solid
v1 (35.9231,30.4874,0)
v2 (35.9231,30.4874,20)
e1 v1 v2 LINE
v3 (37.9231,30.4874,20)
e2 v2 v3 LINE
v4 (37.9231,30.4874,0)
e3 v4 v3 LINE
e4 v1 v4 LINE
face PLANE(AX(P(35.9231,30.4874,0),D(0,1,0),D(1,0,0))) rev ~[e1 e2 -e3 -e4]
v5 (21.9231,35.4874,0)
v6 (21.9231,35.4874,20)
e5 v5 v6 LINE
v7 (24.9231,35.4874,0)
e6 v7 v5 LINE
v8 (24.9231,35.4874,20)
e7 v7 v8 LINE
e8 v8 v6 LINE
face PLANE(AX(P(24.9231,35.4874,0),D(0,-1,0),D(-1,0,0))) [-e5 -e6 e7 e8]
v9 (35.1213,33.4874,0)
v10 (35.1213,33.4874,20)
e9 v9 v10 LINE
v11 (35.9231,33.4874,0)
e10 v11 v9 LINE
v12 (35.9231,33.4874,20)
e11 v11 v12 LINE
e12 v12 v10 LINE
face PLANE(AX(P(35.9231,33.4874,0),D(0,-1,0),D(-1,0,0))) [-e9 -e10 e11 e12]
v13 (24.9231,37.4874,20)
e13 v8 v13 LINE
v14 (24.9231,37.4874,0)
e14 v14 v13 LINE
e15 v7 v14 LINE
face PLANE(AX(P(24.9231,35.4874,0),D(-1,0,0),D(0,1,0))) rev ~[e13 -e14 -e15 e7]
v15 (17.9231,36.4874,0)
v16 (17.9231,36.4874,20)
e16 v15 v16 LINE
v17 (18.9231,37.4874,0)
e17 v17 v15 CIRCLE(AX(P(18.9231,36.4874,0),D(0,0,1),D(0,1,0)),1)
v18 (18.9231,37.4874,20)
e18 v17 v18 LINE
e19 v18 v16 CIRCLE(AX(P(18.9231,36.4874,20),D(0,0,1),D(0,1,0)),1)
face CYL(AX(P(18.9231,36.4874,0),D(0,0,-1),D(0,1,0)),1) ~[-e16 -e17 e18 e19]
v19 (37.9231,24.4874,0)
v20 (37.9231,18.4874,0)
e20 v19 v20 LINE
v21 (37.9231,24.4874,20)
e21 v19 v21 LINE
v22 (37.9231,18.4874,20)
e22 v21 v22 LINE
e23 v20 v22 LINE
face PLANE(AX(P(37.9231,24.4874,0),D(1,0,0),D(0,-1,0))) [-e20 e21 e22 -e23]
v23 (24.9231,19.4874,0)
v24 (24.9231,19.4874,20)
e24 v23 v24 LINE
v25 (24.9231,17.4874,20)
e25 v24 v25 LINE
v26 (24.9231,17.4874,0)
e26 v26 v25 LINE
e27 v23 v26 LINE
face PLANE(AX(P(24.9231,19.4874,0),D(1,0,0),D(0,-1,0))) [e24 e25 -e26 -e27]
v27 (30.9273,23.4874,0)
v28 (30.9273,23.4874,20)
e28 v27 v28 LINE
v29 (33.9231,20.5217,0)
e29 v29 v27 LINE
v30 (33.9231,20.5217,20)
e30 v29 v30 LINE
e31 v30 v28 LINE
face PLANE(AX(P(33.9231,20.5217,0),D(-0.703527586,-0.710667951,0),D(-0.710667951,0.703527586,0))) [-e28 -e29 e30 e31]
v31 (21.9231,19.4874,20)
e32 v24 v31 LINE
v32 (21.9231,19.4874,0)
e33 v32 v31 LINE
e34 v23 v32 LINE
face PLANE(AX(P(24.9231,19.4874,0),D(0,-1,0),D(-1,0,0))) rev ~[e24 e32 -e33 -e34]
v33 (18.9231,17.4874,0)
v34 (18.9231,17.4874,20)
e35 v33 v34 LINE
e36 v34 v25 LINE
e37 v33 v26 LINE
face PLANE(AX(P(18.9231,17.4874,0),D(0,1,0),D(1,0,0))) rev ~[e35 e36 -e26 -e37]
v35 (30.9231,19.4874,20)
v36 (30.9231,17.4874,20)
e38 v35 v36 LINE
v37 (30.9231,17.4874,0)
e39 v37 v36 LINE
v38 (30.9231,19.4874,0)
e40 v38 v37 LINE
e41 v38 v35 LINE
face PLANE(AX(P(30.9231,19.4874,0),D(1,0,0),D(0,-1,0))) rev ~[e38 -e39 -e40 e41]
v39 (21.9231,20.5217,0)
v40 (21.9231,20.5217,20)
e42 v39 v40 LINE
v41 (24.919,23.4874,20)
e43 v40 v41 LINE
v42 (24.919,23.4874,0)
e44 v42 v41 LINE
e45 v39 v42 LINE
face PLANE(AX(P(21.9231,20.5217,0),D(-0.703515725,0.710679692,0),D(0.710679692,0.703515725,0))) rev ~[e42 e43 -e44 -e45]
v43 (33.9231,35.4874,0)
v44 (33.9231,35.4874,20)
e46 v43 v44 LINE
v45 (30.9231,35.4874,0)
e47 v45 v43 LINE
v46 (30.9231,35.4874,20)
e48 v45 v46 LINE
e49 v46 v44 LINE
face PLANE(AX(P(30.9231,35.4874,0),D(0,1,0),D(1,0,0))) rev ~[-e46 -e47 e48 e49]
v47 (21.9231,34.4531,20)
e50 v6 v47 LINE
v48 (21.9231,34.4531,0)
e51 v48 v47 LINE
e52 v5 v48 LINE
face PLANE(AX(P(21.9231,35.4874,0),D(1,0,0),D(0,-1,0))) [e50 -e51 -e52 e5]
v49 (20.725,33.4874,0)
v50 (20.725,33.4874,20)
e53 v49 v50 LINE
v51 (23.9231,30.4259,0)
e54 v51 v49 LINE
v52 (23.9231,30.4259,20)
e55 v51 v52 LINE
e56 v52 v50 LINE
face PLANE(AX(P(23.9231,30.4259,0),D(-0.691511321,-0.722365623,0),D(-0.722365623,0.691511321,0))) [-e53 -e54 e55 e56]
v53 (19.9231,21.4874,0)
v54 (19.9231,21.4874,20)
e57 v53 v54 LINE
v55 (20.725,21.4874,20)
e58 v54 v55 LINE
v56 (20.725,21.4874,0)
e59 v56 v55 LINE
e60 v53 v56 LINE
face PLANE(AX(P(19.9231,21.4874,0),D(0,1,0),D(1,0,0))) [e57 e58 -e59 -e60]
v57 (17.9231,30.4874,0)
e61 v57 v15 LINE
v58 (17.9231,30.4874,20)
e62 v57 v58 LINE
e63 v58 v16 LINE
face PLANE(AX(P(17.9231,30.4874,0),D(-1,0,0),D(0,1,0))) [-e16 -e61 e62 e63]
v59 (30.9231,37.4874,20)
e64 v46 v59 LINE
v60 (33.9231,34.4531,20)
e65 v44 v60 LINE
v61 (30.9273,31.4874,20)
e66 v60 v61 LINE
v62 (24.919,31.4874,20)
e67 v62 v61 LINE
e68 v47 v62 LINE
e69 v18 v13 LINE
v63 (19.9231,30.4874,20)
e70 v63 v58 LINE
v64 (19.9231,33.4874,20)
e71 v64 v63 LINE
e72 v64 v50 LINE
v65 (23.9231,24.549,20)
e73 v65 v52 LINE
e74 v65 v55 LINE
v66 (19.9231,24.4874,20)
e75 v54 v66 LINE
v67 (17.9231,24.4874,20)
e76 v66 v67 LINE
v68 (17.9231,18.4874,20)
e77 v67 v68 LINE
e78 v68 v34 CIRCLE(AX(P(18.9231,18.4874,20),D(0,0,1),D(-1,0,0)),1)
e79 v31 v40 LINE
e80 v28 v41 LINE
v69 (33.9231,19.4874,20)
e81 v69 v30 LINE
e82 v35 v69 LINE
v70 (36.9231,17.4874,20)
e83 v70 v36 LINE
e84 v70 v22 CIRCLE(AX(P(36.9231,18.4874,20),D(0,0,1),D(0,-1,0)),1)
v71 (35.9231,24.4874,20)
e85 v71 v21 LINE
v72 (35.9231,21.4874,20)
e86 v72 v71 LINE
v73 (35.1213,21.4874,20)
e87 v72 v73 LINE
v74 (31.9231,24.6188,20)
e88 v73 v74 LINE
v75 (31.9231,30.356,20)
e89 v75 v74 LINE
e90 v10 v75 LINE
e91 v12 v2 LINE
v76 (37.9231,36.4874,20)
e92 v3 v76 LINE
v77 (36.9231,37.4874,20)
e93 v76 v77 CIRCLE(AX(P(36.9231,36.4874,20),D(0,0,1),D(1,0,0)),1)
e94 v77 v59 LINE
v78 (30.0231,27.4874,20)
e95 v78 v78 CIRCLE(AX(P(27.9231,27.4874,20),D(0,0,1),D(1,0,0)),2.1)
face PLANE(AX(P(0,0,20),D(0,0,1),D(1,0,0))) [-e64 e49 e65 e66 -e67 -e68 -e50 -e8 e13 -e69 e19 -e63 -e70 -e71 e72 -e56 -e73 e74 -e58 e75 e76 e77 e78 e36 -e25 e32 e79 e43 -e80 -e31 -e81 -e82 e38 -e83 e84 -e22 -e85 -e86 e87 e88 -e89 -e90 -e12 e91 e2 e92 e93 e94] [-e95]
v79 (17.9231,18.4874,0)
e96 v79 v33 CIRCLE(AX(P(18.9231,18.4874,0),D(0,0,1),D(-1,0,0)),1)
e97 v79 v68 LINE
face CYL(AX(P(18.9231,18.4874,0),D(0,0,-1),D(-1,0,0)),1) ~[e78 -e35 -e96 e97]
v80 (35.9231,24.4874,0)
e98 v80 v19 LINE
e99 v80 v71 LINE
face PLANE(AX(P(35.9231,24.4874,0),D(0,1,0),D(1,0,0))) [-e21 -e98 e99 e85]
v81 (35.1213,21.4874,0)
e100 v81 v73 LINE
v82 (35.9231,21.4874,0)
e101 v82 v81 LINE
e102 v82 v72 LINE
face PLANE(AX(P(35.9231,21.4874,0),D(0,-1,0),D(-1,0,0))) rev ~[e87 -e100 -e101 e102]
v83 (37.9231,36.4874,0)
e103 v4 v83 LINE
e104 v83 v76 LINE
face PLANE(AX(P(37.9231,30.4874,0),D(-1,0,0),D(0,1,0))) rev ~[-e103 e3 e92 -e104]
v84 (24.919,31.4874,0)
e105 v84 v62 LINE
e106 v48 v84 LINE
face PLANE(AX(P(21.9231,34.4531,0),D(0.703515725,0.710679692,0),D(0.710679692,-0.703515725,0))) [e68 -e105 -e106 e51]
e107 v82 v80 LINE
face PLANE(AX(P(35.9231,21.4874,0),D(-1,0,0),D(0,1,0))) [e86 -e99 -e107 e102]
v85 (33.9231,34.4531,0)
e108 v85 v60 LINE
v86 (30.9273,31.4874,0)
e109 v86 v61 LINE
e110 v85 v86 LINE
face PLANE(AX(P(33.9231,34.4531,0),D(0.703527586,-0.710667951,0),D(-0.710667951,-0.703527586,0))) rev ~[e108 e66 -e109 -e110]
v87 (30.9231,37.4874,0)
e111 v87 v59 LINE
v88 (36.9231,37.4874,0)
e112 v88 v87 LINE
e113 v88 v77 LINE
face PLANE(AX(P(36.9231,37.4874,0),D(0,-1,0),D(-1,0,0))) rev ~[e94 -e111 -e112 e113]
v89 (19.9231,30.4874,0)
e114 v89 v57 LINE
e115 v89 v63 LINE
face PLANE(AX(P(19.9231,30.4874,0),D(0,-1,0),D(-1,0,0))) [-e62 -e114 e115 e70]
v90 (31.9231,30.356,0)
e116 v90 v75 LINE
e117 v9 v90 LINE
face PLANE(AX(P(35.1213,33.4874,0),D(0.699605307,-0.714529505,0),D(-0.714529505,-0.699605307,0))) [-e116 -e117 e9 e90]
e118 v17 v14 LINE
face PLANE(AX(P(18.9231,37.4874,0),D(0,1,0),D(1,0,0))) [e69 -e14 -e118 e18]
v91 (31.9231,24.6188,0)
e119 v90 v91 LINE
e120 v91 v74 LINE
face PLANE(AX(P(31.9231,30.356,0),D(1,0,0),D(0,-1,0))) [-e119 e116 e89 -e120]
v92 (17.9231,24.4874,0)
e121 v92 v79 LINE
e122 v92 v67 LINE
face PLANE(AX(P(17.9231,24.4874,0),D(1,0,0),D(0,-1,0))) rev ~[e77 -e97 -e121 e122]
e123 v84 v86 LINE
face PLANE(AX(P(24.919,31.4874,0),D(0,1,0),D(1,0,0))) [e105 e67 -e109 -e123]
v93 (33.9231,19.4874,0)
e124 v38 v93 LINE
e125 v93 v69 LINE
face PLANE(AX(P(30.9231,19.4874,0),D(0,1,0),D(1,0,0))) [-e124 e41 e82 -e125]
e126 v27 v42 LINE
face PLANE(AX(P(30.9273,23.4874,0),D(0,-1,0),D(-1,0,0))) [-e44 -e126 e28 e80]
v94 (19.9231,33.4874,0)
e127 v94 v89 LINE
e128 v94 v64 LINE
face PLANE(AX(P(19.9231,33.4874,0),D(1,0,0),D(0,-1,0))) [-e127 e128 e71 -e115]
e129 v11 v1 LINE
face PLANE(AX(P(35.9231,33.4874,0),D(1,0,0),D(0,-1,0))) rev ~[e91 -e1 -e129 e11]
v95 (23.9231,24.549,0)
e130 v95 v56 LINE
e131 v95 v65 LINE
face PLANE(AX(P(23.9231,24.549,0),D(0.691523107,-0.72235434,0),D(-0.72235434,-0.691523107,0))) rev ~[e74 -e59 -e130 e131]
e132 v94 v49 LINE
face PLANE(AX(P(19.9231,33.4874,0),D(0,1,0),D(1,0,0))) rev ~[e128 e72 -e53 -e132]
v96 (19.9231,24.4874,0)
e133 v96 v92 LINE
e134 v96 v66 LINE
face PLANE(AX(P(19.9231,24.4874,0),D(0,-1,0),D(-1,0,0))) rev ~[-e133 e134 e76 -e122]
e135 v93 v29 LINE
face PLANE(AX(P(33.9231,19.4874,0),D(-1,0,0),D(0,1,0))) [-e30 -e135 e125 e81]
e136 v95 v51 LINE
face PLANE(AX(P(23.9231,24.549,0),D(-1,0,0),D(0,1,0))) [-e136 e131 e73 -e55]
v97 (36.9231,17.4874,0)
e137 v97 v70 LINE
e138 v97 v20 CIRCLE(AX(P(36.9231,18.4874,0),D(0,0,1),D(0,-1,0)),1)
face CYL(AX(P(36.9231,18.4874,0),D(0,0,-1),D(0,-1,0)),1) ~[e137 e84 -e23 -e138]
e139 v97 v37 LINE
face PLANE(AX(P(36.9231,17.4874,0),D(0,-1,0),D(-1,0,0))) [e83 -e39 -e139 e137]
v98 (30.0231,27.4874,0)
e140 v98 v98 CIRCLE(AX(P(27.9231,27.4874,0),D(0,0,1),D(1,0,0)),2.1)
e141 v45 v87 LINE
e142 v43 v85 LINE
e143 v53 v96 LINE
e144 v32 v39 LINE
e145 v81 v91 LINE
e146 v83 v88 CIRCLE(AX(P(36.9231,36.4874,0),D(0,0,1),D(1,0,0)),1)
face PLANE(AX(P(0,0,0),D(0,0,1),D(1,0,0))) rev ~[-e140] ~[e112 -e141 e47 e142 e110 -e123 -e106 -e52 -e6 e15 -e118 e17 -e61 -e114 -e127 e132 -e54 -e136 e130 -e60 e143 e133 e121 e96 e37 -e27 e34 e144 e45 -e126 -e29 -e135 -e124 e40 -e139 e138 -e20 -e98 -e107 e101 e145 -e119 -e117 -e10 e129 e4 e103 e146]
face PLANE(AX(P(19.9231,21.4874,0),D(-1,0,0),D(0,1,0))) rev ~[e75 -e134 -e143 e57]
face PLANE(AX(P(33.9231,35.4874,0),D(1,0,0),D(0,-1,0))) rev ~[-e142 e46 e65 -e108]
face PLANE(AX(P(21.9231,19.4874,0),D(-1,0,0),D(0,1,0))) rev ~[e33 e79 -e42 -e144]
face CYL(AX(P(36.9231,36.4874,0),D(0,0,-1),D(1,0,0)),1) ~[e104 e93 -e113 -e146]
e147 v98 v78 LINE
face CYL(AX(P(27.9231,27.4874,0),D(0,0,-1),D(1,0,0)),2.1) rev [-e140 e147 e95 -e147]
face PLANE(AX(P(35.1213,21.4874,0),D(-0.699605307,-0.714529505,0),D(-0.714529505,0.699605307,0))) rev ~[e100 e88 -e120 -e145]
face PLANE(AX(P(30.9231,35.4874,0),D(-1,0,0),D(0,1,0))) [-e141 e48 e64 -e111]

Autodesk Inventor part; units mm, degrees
ref_plane "YZ Plane" through (0, 0, 0) normal (1, 0, 0) x (0, 1, 0)
ref_plane "XZ Plane" through (0, 0, 0) normal (0, 1, 0) x (-1, 0, 0)
ref_plane "XY Plane" through (0, 0, 0) normal (0, 0, 1) x (1, 0, 0)
sketch "Schizzo1" plane through (0, 0, 0) normal (0, 0, 1) x (1, 0, 0)
  arc A0 (36.9231, 17.4874) -> (37.9231, 18.4874) centre (36.9231, 18.4874) ccw
  line L0 (27.9231, 37.356) -> (27.9231, 17.6188) construction
  line L1 (36.9231, 17.4874) -> (30.9231, 17.4874)
  line L2 (30.9231, 19.4874) -> (33.9231, 19.4874)
  line L3 (30.9231, 19.4874) -> (30.9231, 17.4874)
  line L4 (33.9231, 19.4874) -> (33.9231, 20.5217)
  line L5 (35.9231, 21.4874) -> (35.1213, 21.4874)
  line L6 (33.9231, 20.5217) -> (30.9273, 23.4874)
  line L7 (31.958, 23.6188) -> (32.4267, 23.6188) construction
  line L8 (35.1213, 21.4874) -> (31.9231, 24.6188)
  line L9 (27.9231, 28.7445) -> (27.9203, 28.7473)
  line L10 (27.9231, 27.4874) -> (16.785, 27.4874) construction
  line L11 (35.9231, 21.4874) -> (35.9231, 24.4874)
  line L12 (35.9231, 24.4874) -> (37.9231, 24.4874)
  line L13 (37.9231, 24.4874) -> (37.9231, 18.4874)
  line L14 (0.5417, 54.5893) -> (0.5417, -0.7152) construction
  arc A1 (17.9231, 18.4874) -> (18.9231, 17.4874) centre (18.9231, 18.4874) ccw
  line L15 (18.9231, 17.4874) -> (24.9231, 17.4874)
  line L16 (24.9231, 19.4874) -> (21.9231, 19.4874)
  line L17 (24.9231, 19.4874) -> (24.9231, 17.4874)
  line L18 (21.9231, 19.4874) -> (21.9231, 20.5217)
  line L19 (19.9231, 21.4874) -> (20.725, 21.4874)
  line L20 (21.9231, 20.5217) -> (24.919, 23.4874)
  line L21 (23.958, 23.6188) -> (23.9231, 23.6188) construction
  line L22 (19.9231, 21.4874) -> (19.9231, 24.4874)
  line L23 (19.9231, 24.4874) -> (17.9231, 24.4874)
  line L24 (17.9231, 24.4874) -> (17.9231, 18.4874)
  line L25 (33.8225, 24.3529) -> (33.8225, 24.4874)
  arc A2 (37.9231, 36.4874) -> (36.9231, 37.4874) centre (36.9231, 36.4874) ccw
  line L26 (36.9231, 37.4874) -> (30.9231, 37.4874)
  line L27 (30.9231, 35.4874) -> (33.9231, 35.4874)
  line L28 (30.9231, 35.4874) -> (30.9231, 37.4874)
  line L29 (33.9231, 35.4874) -> (33.9231, 34.4531)
  line L30 (35.9231, 33.4874) -> (35.1213, 33.4874)
  line L31 (33.9231, 34.4531) -> (30.9273, 31.4874)
  line L32 (31.958, 31.356) -> (32.4267, 31.356) construction
  line L33 (35.1213, 33.4874) -> (31.9231, 30.356)
  line L34 (35.9231, 33.4874) -> (35.9231, 30.4874)
  line L35 (35.9231, 30.4874) -> (37.9231, 30.4874)
  line L36 (37.9231, 30.4874) -> (37.9231, 36.4874)
  arc A3 (18.9231, 37.4874) -> (17.9231, 36.4874) centre (18.9231, 36.4874) ccw
  line L37 (19.9231, 30.4874) -> (17.9231, 30.4874)
  line L38 (19.9231, 33.4874) -> (20.725, 33.4874)
  line L39 (19.9231, 33.4874) -> (19.9231, 30.4874)
  line L40 (21.9231, 34.4531) -> (24.919, 31.4874)
  line L41 (24.9231, 35.4874) -> (21.9231, 35.4874)
  line L42 (21.9231, 35.4874) -> (21.9231, 34.4531)
  line L43 (24.9231, 35.4874) -> (24.9231, 37.4874)
  line L44 (18.9231, 37.4874) -> (24.9231, 37.4874)
  line L45 (17.9231, 30.4874) -> (17.9231, 36.4874)
  line L46 (33.8225, 30.6219) -> (33.8225, 30.4874)
  line L47 (30.9273, 23.4874) -> (24.919, 23.4874)
  line L48 (23.9231, 24.549) -> (23.9231, 30.4259)
  line L49 (24.919, 31.4874) -> (30.9273, 31.4874)
  line L50 (31.9231, 30.356) -> (31.9231, 24.6188)
  line L51 (23.9231, 24.549) -> (20.725, 21.4874)
  line L52 (23.9231, 30.4259) -> (20.725, 33.4874)
  circle A4 centre (27.9231, 27.4874) radius 2.1
  point P0 (0, 0)
  point P1 (17.9231, 17.6188)
  point P2 (22.0237, 24.3529)
  point P3 (24.8821, 25.7341)
  point P4 (23.4196, 23.6188)
  point P5 (17.9231, 37.356)
  point P6 (22.0237, 30.6219)
  point P7 (24.8821, 29.2408)
  point P8 (27.958, 27.4874)
  dimension "d104" = 20
  dimension "d111" = 8
  dimension "d112" = 4.2
  dimension "d115" = 20
  dimension "d116" = 6
  dimension "d117" = 4
  dimension "d118" = 1
  dimension "d119" = 12
  dimension "d129" = 6
  dimension "d130" = 6
  dimension "d131" = 6
  dimension "d132" = 2
  dimension "d133" = 2
  dimension "d134" = 2
  dimension "d135" = 2
  dimension "d136" = 12
  dimension "d137" = 12
  dimension "d146" = 8
extrude "Estrusione1" add sketch "Schizzo1" along normal blind 20
properties part number "Aluminium profile 20x20 6mm slot"
